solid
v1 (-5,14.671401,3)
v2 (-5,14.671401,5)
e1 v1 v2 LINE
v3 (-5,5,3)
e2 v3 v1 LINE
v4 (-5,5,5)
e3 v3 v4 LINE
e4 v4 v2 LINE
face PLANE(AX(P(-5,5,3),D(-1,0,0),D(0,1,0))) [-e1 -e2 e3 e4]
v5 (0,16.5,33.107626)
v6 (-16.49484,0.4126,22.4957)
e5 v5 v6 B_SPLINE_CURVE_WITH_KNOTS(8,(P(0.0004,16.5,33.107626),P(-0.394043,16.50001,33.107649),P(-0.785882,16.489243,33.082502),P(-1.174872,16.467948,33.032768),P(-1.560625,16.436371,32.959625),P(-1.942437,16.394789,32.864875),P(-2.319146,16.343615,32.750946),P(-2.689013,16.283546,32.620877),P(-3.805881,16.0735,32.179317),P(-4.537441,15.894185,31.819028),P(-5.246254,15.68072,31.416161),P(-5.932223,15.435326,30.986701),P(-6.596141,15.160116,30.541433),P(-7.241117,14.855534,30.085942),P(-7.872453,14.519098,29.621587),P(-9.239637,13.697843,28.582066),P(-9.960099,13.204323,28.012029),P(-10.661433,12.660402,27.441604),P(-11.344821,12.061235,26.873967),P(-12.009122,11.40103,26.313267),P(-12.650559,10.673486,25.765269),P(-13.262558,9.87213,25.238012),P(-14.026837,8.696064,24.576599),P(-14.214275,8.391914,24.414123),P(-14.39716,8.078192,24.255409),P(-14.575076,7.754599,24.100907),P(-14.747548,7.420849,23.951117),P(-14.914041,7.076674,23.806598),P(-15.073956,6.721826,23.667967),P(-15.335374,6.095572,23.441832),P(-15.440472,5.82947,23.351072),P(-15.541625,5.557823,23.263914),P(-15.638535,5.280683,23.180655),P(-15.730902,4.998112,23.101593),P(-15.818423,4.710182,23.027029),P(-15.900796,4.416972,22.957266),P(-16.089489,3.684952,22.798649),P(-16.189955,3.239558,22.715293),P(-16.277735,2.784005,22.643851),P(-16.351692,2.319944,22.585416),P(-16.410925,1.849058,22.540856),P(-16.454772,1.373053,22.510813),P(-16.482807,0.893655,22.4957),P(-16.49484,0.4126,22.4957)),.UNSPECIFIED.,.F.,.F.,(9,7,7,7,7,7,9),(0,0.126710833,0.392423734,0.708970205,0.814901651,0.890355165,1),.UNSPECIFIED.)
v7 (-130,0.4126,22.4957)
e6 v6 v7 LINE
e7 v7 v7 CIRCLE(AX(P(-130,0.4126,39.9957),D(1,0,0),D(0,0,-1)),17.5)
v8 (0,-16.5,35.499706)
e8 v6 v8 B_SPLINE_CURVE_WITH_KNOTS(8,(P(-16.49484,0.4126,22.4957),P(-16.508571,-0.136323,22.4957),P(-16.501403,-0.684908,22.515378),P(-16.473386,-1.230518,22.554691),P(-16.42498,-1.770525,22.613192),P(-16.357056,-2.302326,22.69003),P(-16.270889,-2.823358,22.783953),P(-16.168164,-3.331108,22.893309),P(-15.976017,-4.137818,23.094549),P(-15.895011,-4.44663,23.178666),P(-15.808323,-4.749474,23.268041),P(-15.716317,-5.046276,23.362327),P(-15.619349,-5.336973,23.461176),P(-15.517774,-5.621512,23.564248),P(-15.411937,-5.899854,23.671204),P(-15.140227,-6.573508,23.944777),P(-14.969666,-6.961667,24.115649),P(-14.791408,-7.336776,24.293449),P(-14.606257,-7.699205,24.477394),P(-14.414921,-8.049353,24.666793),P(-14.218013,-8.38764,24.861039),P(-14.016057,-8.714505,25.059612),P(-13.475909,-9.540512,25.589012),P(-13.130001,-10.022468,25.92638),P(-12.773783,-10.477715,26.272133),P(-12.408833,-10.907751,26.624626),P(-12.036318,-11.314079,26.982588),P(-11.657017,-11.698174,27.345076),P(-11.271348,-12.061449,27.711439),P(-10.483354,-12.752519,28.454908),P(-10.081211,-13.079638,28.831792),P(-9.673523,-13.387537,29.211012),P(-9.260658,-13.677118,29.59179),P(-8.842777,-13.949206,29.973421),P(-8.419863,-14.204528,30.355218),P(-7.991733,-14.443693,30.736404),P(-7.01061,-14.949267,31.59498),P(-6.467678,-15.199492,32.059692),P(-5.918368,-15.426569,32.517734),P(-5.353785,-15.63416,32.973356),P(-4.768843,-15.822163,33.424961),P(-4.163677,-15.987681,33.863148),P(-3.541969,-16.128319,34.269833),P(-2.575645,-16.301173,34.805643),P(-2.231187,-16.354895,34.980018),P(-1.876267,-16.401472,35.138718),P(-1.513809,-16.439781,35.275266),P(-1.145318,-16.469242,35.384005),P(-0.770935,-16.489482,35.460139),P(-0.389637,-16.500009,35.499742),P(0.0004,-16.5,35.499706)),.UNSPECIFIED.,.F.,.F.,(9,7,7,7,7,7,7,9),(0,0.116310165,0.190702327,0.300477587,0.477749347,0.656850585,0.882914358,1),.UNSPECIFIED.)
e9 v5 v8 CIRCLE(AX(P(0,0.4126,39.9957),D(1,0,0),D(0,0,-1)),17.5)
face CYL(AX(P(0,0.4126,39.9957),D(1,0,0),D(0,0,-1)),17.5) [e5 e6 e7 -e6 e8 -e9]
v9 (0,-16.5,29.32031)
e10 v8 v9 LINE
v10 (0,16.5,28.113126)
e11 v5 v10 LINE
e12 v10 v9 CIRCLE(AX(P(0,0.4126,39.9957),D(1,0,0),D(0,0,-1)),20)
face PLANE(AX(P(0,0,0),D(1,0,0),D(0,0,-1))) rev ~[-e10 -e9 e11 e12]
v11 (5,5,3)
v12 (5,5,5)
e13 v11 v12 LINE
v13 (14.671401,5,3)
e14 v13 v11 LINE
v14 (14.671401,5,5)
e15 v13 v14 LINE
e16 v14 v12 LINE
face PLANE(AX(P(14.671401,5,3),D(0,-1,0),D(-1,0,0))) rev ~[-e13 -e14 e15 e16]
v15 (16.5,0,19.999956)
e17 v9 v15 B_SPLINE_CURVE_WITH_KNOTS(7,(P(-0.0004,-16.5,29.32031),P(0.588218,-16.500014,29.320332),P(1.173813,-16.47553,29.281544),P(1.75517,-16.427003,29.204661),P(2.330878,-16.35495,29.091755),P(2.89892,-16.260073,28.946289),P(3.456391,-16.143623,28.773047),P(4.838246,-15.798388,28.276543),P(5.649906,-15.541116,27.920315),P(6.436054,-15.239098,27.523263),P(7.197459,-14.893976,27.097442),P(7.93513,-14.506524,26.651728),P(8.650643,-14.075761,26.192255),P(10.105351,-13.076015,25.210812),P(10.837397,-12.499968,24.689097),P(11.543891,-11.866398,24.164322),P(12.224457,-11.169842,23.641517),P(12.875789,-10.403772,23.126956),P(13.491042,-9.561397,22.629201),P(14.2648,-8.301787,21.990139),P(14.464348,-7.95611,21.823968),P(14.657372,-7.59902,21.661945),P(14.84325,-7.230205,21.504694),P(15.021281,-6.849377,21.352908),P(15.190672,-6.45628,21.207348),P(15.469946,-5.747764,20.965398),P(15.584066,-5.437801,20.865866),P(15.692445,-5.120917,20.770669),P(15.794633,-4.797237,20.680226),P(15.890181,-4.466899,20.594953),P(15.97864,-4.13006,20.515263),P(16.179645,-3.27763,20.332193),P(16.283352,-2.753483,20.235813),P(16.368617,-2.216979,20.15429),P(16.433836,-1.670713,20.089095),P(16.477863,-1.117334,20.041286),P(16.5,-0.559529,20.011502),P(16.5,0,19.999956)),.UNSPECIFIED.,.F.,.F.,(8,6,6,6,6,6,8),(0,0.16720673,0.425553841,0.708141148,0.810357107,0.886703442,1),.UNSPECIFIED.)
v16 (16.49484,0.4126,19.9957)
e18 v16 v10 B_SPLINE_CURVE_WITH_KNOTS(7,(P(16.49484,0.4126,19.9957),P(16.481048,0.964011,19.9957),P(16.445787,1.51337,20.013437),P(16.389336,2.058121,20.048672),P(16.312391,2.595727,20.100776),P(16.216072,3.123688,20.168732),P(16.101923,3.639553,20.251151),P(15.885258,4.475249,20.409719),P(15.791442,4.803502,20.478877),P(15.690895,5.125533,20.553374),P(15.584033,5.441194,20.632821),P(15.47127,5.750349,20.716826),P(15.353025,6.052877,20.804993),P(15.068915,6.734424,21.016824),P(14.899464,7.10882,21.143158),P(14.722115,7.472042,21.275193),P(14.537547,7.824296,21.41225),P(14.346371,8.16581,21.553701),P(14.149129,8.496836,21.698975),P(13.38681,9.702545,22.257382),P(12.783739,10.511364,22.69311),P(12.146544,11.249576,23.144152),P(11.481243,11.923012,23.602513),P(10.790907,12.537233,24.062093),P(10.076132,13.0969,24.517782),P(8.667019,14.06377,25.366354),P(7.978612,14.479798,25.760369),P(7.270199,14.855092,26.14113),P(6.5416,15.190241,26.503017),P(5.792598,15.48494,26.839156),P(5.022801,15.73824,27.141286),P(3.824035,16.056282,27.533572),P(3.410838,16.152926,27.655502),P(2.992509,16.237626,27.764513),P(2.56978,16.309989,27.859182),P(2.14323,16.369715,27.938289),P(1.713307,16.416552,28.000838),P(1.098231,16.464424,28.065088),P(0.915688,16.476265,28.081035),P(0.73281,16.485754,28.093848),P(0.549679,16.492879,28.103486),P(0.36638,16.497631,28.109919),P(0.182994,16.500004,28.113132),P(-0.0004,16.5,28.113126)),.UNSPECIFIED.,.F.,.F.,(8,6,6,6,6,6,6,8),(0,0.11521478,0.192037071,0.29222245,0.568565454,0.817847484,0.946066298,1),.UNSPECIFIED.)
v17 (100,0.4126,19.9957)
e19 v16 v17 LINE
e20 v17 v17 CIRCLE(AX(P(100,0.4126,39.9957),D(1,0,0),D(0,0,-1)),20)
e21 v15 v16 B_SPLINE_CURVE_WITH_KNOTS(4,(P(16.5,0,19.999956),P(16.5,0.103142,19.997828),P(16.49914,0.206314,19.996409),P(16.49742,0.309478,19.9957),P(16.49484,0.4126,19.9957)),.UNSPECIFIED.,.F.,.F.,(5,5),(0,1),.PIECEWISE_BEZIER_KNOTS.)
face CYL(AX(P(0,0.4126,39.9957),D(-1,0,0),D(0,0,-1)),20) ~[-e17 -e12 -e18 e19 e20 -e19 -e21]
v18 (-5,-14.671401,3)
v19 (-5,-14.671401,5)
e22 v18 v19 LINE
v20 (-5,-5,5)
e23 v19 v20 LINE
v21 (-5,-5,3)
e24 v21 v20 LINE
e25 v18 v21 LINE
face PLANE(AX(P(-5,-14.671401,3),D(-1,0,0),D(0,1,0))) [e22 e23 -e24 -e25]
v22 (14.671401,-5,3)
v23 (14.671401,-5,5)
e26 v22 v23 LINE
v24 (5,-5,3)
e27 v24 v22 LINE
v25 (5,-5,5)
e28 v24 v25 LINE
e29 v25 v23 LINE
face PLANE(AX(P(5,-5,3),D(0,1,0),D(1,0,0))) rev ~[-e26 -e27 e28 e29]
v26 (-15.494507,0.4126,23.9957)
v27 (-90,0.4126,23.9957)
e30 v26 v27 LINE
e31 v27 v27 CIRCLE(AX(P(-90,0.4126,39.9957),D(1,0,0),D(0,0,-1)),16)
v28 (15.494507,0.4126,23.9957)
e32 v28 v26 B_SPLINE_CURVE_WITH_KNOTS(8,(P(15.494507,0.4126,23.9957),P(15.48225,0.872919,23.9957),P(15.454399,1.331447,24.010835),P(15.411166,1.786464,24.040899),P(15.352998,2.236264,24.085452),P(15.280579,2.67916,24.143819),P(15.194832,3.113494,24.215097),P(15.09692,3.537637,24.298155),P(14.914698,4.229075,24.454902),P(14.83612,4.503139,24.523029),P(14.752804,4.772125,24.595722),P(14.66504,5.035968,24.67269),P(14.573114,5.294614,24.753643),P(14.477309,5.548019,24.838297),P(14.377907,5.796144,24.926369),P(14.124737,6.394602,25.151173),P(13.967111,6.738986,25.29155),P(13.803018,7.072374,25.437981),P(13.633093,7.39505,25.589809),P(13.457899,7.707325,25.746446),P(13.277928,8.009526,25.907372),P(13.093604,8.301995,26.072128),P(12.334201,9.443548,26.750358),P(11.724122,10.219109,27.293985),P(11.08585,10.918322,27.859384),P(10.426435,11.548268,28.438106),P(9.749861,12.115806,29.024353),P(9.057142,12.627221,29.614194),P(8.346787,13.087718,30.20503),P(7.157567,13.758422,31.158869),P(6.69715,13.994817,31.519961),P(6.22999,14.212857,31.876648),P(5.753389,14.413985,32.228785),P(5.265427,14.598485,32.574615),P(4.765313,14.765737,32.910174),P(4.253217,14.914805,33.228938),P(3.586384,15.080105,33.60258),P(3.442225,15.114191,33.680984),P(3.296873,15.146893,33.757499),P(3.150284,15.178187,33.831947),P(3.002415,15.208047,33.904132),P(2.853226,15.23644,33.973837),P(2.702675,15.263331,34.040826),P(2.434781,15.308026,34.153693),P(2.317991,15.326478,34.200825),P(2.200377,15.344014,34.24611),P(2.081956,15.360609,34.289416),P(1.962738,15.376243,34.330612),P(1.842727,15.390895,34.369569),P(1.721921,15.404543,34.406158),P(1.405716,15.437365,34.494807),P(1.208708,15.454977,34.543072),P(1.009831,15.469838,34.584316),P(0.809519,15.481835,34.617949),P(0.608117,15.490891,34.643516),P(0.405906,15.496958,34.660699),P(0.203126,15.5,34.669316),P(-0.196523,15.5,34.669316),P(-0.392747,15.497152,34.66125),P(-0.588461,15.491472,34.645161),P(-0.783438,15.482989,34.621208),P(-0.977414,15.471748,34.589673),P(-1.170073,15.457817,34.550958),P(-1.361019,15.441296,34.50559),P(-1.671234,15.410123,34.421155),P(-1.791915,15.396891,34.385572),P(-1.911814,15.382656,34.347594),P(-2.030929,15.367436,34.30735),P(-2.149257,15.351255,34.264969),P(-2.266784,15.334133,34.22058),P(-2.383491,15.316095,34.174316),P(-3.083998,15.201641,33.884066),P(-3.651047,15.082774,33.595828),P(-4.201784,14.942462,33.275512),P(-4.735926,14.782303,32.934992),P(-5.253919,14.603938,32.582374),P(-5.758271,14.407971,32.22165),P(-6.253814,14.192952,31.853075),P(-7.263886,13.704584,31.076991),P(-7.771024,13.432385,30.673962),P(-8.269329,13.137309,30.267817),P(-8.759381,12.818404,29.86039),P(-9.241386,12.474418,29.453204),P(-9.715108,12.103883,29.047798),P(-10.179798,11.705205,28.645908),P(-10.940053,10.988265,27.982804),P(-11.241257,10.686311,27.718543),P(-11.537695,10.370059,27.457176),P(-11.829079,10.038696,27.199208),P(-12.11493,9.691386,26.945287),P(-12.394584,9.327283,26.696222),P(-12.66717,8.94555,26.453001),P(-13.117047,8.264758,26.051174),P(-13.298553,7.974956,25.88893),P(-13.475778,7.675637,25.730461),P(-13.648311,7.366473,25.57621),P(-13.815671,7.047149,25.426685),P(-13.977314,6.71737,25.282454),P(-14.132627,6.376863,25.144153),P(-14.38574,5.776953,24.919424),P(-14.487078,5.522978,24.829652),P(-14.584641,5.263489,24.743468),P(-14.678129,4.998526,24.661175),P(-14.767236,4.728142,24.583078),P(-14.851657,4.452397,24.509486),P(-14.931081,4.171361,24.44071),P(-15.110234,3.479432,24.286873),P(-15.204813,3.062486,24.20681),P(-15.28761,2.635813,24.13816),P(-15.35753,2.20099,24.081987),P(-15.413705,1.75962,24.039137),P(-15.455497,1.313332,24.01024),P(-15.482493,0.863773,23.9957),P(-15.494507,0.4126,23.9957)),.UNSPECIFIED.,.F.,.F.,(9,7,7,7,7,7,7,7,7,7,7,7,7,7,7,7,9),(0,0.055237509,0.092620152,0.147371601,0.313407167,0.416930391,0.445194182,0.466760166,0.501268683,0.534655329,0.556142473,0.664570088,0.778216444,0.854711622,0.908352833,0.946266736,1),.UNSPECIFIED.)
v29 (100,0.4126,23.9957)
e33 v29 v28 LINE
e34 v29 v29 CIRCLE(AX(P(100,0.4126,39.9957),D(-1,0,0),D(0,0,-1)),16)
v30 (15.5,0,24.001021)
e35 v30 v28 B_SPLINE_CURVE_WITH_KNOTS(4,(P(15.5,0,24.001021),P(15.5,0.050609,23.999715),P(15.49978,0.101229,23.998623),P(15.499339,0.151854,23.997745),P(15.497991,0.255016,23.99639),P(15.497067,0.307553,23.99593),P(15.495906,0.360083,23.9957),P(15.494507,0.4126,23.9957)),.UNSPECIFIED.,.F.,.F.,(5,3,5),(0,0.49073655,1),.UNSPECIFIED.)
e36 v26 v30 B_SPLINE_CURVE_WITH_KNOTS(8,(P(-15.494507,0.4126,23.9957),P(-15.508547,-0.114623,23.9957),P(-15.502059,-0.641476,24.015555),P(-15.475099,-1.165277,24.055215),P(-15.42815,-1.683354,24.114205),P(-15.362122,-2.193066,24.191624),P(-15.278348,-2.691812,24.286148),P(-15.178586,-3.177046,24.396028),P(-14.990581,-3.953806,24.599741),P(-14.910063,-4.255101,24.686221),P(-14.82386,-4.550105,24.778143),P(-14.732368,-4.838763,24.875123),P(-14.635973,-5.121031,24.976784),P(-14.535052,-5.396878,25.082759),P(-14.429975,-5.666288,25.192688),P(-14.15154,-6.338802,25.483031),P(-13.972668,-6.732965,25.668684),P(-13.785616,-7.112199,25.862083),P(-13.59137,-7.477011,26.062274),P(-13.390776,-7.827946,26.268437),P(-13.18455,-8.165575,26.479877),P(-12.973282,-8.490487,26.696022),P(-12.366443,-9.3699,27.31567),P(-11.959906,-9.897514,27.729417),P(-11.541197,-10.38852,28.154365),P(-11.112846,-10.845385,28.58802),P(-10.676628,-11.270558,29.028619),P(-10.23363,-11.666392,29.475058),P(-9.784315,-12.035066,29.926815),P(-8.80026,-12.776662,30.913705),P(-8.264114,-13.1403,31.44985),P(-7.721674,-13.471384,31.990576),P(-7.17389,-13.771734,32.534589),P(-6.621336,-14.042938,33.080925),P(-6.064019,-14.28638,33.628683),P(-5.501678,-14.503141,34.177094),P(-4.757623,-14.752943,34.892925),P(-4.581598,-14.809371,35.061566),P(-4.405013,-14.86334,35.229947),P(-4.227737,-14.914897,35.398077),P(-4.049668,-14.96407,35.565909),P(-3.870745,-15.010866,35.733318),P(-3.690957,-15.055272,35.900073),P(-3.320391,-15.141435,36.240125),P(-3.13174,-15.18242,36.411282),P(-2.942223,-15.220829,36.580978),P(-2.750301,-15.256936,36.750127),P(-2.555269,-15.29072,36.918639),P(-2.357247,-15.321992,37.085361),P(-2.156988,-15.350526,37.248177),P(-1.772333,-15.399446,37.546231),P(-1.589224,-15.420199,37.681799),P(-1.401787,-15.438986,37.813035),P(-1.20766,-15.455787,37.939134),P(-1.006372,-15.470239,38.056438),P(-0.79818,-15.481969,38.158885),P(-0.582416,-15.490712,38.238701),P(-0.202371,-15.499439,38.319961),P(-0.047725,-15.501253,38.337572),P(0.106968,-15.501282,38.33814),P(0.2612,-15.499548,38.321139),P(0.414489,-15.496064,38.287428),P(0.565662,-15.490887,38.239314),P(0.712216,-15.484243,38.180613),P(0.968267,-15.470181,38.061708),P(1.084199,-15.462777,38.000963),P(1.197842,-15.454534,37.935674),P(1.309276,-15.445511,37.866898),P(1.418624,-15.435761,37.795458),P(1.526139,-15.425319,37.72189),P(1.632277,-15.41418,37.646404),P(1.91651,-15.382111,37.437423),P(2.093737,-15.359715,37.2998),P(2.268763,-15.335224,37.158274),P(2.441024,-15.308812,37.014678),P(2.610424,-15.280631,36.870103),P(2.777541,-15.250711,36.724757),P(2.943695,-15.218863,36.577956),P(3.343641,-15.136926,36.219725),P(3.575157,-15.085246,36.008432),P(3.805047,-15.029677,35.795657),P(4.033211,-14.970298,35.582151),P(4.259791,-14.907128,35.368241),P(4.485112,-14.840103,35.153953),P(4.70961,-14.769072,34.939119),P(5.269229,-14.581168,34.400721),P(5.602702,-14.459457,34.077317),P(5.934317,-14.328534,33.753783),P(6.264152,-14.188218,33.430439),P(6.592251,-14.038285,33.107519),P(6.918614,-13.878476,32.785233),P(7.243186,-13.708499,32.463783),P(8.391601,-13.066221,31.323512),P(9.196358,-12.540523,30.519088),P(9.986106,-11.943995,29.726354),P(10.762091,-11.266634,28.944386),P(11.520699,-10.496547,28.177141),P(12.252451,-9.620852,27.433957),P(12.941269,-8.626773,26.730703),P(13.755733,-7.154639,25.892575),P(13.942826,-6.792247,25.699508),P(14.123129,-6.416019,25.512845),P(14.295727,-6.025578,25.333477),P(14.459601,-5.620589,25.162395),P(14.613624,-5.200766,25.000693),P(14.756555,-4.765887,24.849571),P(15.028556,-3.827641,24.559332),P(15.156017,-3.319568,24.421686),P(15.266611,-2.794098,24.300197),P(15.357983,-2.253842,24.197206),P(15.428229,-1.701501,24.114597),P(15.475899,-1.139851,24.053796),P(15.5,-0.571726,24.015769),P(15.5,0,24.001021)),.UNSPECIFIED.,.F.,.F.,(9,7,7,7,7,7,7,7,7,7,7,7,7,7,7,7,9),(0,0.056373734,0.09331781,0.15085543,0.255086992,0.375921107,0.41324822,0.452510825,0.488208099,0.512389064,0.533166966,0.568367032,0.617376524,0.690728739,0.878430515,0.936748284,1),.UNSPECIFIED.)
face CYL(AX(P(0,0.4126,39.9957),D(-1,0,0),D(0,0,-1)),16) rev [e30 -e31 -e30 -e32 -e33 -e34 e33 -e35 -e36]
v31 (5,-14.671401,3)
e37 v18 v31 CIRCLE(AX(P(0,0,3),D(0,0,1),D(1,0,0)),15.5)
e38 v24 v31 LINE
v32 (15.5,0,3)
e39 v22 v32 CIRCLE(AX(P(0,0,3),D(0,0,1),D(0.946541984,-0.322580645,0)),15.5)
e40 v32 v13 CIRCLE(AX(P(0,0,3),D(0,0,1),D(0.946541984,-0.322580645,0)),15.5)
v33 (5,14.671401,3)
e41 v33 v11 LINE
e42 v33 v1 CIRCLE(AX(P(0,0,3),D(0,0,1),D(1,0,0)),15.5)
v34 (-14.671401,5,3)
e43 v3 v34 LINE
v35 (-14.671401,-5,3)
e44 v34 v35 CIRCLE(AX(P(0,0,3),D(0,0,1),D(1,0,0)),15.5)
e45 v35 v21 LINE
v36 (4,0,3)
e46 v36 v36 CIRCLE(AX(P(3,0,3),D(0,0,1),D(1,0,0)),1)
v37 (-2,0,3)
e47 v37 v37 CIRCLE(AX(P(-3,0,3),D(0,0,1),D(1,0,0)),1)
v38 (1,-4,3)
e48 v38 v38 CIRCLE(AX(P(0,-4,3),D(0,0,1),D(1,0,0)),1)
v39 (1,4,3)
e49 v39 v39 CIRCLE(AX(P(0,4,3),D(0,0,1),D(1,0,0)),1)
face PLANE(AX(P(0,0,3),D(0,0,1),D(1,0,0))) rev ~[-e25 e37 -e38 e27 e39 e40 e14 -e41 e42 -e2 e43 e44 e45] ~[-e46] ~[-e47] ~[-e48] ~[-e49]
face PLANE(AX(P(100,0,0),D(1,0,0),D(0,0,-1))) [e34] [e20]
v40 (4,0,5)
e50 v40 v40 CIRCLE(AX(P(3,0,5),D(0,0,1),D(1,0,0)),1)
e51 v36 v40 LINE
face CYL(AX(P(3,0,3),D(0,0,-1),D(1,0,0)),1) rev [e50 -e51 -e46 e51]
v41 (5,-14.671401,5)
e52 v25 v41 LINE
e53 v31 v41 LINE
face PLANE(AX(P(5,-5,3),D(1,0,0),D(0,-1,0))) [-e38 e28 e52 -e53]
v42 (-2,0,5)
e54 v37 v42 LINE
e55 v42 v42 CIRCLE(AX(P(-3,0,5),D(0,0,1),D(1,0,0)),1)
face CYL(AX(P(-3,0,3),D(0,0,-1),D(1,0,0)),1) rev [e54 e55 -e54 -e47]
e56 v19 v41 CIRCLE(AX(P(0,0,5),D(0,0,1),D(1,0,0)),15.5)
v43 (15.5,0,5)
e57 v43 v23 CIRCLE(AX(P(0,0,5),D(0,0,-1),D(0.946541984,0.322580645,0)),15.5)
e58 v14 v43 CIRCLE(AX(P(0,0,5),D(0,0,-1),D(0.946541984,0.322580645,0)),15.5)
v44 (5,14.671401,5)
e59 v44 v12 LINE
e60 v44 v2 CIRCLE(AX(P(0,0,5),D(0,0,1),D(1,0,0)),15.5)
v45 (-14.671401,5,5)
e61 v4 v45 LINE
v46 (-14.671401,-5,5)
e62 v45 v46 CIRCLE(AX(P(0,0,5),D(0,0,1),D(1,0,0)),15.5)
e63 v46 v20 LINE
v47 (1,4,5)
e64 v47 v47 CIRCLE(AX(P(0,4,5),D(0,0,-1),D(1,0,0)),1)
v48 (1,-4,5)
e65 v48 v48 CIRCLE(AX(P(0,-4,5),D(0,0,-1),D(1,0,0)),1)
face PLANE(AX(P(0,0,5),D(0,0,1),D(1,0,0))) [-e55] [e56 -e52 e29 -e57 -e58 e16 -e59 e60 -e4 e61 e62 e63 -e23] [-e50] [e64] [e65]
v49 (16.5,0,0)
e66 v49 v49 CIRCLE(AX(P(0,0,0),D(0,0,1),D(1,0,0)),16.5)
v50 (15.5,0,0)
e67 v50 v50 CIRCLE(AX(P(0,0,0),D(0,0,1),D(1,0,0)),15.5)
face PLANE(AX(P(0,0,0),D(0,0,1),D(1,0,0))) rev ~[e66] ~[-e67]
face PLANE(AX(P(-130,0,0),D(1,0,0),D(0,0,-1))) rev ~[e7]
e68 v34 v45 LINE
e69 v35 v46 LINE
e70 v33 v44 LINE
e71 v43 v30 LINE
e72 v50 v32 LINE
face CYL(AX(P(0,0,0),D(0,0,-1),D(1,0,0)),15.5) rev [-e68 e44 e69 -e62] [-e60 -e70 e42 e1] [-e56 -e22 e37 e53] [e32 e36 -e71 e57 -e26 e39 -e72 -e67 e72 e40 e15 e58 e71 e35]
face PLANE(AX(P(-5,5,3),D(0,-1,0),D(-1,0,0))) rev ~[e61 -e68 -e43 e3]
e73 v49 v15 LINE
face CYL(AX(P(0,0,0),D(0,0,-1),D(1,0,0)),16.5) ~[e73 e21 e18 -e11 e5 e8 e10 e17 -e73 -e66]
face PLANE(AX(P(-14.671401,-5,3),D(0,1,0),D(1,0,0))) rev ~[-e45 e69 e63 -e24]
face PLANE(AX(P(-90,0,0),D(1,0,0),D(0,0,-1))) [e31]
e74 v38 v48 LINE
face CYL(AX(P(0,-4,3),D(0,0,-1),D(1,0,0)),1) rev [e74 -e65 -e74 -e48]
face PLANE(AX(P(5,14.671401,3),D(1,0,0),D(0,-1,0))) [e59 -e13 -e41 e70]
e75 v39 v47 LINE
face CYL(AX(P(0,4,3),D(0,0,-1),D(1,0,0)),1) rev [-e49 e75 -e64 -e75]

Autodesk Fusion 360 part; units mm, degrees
sketch "Sketch1" plane through (0, 0, 0) normal (0, 0, 1) x (1, 0, 0)
  circle A0 centre (0, 0) radius 16.5
  circle A1 centre (0, 0) radius 15.5
  line L0 (-25, -5) -> (25, -5)
  line L1 (25, -5) -> (25, 5)
  line L2 (25, 5) -> (-25, 5)
  line L3 (-25, 5) -> (-25, -5)
  line L4 (-25, -5) -> (25, 5) construction
  line L5 (25, -5) -> (-25, 5) construction
  line L6 (-5, 25) -> (5, 25)
  line L7 (5, 25) -> (5, -25)
  line L8 (5, -25) -> (-5, -25)
  line L9 (-5, -25) -> (-5, 25)
  line L10 (-5, 25) -> (5, -25) construction
  line L11 (5, 25) -> (-5, -25) construction
  circle A2 centre (0, 4) radius 1
  circle A3 centre (0, -4) radius 1
  circle A4 centre (-3, 0) radius 1
  circle A5 centre (3, 0) radius 1
  dimension "d1" = 33
  dimension "d15" = 31
  dimension "d18" = 50
  dimension "d19" = 10
  dimension "d20" = 10
  dimension "d21" = 50
  dimension "d22" = 2
  dimension "d23" = 2
  dimension "d25" = 2
  dimension "d26" = 4
  dimension "d27" = 8
  dimension "d28" = 2
  dimension "d29" = 3
  dimension "d30" = 6
extrude "Extrude1" add sketch "Sketch1" along normal blind 37 contours A0 A1 L0 L2 | A0 A1 L2 L7 | A0 A1 L0 L7 | A0 A1 L7 L9 | A1 L2 L7 | A1 L0 L2 L7 | A0 A1 L7 L9 | A1 L0 L7 | A0 A1 L2 L9 | A1 L2 L7 L9 | A2 | A3 | L0 L2 L7 L9 | A0 A1 L0 L9 | A1 L0 L7 L9 | A0 A1 L0 L2 | A1 L2 L9 | A1 L0 L9 | A1 L0 L2 L9 | A4 | A5
sketch "Sketch2" plane through (0, 0, 0) normal (1, 0, 0) x (0, 0, -1)
  circle A0 centre (-39.9957, 0.4126) radius 20
  circle A1 centre (-39.9957, 0.4126) radius 17.5
  circle A2 centre (-39.9957, 0.4126) radius 16
  dimension "d4" = 40
  dimension "d7" = 35
  dimension "d10" = 32
extrude "Extrude2" add sketch "Sketch2" along normal blind 100 contours A0 | A1 | A2
extrude "Extrude3" add sketch "Sketch2" against normal blind 130 contours A1 | A2
extrude "Extrude4" cut sketch "Sketch2" along normal blind 140 and the other way blind 90 contours A2
extrude "Extrude5" cut sketch "Sketch1" along normal blind 40 contours A1 L2 L7 | A1 L0 L2 L7 | A1 L0 L7 | A1 L2 L7 L9 | A2 | A3 | L0 L2 L7 L9 | A1 L0 L7 L9 | A1 L2 L9 | A1 L0 L9 | A1 L0 L2 L9 | A4 | A5
extrude "Extrude6" add sketch "Sketch1" along normal blind 2 from surface at 3 contours A1 L0 L2 L7 | A1 L2 L7 L9 | L0 L2 L7 L9 | A1 L0 L7 L9 | A1 L0 L2 L9
